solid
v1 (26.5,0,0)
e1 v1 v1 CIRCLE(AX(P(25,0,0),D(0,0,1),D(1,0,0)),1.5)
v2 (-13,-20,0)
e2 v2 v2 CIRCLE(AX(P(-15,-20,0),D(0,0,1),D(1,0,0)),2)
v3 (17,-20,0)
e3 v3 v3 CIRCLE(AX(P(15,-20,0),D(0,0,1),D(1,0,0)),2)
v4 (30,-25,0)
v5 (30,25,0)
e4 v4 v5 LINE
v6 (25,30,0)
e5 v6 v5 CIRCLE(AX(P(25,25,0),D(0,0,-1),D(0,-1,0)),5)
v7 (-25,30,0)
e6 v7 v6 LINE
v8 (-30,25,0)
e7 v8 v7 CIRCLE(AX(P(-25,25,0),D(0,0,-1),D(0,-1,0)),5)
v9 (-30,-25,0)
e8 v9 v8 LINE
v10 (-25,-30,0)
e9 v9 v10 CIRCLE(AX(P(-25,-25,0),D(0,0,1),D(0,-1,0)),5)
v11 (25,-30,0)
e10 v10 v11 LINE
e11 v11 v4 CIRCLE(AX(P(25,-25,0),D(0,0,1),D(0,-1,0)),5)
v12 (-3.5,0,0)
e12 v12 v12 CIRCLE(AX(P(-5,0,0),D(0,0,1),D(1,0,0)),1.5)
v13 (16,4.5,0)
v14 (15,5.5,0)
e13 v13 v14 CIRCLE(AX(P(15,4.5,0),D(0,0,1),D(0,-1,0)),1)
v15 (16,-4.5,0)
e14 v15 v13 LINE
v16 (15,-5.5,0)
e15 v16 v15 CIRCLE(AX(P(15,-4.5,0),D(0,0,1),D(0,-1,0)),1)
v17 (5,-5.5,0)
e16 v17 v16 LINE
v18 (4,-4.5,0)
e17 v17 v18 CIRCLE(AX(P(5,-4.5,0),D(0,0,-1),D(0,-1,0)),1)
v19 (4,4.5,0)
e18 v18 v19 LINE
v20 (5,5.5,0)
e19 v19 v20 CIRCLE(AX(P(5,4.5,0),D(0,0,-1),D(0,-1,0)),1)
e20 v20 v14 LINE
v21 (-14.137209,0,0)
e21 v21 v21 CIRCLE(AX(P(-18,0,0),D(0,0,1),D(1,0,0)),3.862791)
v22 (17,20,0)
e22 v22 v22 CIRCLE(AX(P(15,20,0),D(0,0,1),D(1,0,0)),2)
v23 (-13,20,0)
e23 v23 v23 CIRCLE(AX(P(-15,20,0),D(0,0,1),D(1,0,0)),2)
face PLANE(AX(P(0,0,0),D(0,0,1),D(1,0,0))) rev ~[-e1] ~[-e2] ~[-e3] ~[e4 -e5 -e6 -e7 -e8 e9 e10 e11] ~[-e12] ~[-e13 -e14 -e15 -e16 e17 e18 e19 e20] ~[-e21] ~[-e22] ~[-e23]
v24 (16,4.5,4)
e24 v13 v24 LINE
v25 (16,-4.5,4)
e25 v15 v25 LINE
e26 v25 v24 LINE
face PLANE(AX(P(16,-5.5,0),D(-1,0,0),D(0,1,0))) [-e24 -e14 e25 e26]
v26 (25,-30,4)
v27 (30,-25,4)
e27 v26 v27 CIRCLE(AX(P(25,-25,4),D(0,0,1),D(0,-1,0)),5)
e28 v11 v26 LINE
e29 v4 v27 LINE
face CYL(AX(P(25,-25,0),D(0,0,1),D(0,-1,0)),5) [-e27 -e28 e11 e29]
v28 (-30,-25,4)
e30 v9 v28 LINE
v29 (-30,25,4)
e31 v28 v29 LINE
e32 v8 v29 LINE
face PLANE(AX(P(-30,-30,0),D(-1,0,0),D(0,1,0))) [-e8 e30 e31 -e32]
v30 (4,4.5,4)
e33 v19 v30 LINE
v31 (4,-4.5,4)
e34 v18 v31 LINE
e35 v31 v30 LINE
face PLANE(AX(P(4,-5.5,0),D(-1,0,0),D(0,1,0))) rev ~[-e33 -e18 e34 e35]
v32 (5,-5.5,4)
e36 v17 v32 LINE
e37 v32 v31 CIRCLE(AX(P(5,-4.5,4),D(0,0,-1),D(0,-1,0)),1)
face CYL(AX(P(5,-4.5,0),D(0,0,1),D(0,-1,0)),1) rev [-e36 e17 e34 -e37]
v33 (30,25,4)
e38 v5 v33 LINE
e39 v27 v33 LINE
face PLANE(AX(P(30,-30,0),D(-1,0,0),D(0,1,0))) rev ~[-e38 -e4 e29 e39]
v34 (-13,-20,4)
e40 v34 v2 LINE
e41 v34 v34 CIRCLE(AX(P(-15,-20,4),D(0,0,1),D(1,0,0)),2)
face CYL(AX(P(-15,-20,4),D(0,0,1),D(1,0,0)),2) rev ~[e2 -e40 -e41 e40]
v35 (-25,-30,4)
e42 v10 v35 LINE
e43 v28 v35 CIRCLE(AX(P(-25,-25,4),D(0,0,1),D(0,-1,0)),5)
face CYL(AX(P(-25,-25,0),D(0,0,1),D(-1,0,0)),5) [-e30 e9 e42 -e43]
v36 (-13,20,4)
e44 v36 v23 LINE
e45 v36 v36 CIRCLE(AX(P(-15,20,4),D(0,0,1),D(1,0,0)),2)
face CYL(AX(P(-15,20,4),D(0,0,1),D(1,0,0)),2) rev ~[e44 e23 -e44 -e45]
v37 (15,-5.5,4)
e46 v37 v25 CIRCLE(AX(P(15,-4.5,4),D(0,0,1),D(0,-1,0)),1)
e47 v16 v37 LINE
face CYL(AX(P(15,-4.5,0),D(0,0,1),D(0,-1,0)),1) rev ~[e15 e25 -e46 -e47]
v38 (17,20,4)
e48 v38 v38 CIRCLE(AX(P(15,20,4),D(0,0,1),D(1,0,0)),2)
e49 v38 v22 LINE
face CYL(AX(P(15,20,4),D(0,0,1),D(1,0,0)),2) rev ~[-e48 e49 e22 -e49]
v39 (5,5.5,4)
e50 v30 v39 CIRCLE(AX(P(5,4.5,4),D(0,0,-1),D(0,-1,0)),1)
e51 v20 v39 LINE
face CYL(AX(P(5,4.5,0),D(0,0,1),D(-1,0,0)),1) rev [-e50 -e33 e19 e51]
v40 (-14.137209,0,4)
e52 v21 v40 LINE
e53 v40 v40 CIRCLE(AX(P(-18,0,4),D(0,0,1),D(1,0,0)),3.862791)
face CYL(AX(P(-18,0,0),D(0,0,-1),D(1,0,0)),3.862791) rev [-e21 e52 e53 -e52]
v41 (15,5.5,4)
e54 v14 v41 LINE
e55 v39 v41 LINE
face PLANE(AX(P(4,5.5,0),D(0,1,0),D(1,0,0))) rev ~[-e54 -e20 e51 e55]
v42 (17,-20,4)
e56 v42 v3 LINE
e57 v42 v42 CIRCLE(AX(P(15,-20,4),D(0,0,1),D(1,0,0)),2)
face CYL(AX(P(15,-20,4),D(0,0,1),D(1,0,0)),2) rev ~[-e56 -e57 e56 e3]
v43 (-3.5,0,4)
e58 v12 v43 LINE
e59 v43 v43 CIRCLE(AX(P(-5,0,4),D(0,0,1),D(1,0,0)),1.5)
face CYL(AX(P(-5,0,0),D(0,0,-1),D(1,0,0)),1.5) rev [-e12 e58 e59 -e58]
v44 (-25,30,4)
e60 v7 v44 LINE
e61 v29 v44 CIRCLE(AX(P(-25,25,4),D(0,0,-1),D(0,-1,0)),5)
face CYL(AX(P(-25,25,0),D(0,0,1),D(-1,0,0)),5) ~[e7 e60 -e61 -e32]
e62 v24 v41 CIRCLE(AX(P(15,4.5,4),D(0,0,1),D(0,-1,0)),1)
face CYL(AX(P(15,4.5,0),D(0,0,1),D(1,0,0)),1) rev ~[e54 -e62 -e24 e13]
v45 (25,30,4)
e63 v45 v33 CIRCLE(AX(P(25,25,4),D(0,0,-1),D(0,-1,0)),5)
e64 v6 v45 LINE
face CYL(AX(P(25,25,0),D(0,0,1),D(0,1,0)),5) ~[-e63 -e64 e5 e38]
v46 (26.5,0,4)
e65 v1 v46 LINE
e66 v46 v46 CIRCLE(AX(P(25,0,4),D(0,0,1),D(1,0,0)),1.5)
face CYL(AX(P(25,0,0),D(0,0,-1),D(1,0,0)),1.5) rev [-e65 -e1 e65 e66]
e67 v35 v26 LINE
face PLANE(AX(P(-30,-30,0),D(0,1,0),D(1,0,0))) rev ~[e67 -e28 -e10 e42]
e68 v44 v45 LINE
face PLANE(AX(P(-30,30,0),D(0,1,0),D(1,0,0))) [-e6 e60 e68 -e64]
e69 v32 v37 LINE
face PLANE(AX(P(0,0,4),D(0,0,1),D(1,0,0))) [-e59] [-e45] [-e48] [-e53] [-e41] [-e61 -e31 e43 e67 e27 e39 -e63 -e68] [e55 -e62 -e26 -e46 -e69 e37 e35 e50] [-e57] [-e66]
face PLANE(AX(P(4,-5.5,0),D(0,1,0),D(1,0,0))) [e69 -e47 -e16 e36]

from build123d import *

# Parameters (mm, degrees)
F0_W     = 60
F0_H     = 60
F0_R     = 3.862791
F0_R_2   = 1.5
F0_W_2   = 12
F0_H_2   = 11
F1_DEPTH = 4
F2_R     = 2
F3_DEPTH = 25
F4_R     = 5
F5_R     = 1


with BuildPart() as f1:
    # F0 (on Top) → F1 (new body)
    with BuildSketch(Plane.XY):
        Rectangle(F0_W, F0_H)
        with Locations((-18, 0)):
            Circle(F0_R, mode=Mode.SUBTRACT)
        with Locations((-5, 0)):
            Circle(F0_R_2, mode=Mode.SUBTRACT)
        with Locations((10, 0)):
            Rectangle(F0_W_2, F0_H_2, mode=Mode.SUBTRACT)
        with Locations((25, 0)):
            Circle(F0_R_2, mode=Mode.SUBTRACT)
    extrude(amount=F1_DEPTH)

    # F2 (on face) → F3 (cut)
    with BuildSketch(Plane.XY.offset(4)):
        with Locations((-15, 20)):
            Circle(F2_R)
        with Locations((15, 20)):
            Circle(F2_R)
        with Locations((15, -20)):
            Circle(F2_R)
        with Locations((-15, -20)):
            Circle(F2_R)
    extrude(amount=-F3_DEPTH, mode=Mode.SUBTRACT)

    # F4
    f4_edges = [f1.edges().sort_by_distance(p)[0] for p in [
        (-30, 30, 2),
        (-30, -30, 2),
        (30, -30, 2),
        (30, 30, 2),
    ]]
    fillet(f4_edges, radius=F4_R)

    # F5
    f5_edges = [f1.edges().sort_by_distance(p)[0] for p in [
        (4, 5.5, 2),
        (16, 5.5, 2),
        (16, -5.5, 2),
        (4, -5.5, 2),
    ]]
    fillet(f5_edges, radius=F5_R)


solid = f1.part
